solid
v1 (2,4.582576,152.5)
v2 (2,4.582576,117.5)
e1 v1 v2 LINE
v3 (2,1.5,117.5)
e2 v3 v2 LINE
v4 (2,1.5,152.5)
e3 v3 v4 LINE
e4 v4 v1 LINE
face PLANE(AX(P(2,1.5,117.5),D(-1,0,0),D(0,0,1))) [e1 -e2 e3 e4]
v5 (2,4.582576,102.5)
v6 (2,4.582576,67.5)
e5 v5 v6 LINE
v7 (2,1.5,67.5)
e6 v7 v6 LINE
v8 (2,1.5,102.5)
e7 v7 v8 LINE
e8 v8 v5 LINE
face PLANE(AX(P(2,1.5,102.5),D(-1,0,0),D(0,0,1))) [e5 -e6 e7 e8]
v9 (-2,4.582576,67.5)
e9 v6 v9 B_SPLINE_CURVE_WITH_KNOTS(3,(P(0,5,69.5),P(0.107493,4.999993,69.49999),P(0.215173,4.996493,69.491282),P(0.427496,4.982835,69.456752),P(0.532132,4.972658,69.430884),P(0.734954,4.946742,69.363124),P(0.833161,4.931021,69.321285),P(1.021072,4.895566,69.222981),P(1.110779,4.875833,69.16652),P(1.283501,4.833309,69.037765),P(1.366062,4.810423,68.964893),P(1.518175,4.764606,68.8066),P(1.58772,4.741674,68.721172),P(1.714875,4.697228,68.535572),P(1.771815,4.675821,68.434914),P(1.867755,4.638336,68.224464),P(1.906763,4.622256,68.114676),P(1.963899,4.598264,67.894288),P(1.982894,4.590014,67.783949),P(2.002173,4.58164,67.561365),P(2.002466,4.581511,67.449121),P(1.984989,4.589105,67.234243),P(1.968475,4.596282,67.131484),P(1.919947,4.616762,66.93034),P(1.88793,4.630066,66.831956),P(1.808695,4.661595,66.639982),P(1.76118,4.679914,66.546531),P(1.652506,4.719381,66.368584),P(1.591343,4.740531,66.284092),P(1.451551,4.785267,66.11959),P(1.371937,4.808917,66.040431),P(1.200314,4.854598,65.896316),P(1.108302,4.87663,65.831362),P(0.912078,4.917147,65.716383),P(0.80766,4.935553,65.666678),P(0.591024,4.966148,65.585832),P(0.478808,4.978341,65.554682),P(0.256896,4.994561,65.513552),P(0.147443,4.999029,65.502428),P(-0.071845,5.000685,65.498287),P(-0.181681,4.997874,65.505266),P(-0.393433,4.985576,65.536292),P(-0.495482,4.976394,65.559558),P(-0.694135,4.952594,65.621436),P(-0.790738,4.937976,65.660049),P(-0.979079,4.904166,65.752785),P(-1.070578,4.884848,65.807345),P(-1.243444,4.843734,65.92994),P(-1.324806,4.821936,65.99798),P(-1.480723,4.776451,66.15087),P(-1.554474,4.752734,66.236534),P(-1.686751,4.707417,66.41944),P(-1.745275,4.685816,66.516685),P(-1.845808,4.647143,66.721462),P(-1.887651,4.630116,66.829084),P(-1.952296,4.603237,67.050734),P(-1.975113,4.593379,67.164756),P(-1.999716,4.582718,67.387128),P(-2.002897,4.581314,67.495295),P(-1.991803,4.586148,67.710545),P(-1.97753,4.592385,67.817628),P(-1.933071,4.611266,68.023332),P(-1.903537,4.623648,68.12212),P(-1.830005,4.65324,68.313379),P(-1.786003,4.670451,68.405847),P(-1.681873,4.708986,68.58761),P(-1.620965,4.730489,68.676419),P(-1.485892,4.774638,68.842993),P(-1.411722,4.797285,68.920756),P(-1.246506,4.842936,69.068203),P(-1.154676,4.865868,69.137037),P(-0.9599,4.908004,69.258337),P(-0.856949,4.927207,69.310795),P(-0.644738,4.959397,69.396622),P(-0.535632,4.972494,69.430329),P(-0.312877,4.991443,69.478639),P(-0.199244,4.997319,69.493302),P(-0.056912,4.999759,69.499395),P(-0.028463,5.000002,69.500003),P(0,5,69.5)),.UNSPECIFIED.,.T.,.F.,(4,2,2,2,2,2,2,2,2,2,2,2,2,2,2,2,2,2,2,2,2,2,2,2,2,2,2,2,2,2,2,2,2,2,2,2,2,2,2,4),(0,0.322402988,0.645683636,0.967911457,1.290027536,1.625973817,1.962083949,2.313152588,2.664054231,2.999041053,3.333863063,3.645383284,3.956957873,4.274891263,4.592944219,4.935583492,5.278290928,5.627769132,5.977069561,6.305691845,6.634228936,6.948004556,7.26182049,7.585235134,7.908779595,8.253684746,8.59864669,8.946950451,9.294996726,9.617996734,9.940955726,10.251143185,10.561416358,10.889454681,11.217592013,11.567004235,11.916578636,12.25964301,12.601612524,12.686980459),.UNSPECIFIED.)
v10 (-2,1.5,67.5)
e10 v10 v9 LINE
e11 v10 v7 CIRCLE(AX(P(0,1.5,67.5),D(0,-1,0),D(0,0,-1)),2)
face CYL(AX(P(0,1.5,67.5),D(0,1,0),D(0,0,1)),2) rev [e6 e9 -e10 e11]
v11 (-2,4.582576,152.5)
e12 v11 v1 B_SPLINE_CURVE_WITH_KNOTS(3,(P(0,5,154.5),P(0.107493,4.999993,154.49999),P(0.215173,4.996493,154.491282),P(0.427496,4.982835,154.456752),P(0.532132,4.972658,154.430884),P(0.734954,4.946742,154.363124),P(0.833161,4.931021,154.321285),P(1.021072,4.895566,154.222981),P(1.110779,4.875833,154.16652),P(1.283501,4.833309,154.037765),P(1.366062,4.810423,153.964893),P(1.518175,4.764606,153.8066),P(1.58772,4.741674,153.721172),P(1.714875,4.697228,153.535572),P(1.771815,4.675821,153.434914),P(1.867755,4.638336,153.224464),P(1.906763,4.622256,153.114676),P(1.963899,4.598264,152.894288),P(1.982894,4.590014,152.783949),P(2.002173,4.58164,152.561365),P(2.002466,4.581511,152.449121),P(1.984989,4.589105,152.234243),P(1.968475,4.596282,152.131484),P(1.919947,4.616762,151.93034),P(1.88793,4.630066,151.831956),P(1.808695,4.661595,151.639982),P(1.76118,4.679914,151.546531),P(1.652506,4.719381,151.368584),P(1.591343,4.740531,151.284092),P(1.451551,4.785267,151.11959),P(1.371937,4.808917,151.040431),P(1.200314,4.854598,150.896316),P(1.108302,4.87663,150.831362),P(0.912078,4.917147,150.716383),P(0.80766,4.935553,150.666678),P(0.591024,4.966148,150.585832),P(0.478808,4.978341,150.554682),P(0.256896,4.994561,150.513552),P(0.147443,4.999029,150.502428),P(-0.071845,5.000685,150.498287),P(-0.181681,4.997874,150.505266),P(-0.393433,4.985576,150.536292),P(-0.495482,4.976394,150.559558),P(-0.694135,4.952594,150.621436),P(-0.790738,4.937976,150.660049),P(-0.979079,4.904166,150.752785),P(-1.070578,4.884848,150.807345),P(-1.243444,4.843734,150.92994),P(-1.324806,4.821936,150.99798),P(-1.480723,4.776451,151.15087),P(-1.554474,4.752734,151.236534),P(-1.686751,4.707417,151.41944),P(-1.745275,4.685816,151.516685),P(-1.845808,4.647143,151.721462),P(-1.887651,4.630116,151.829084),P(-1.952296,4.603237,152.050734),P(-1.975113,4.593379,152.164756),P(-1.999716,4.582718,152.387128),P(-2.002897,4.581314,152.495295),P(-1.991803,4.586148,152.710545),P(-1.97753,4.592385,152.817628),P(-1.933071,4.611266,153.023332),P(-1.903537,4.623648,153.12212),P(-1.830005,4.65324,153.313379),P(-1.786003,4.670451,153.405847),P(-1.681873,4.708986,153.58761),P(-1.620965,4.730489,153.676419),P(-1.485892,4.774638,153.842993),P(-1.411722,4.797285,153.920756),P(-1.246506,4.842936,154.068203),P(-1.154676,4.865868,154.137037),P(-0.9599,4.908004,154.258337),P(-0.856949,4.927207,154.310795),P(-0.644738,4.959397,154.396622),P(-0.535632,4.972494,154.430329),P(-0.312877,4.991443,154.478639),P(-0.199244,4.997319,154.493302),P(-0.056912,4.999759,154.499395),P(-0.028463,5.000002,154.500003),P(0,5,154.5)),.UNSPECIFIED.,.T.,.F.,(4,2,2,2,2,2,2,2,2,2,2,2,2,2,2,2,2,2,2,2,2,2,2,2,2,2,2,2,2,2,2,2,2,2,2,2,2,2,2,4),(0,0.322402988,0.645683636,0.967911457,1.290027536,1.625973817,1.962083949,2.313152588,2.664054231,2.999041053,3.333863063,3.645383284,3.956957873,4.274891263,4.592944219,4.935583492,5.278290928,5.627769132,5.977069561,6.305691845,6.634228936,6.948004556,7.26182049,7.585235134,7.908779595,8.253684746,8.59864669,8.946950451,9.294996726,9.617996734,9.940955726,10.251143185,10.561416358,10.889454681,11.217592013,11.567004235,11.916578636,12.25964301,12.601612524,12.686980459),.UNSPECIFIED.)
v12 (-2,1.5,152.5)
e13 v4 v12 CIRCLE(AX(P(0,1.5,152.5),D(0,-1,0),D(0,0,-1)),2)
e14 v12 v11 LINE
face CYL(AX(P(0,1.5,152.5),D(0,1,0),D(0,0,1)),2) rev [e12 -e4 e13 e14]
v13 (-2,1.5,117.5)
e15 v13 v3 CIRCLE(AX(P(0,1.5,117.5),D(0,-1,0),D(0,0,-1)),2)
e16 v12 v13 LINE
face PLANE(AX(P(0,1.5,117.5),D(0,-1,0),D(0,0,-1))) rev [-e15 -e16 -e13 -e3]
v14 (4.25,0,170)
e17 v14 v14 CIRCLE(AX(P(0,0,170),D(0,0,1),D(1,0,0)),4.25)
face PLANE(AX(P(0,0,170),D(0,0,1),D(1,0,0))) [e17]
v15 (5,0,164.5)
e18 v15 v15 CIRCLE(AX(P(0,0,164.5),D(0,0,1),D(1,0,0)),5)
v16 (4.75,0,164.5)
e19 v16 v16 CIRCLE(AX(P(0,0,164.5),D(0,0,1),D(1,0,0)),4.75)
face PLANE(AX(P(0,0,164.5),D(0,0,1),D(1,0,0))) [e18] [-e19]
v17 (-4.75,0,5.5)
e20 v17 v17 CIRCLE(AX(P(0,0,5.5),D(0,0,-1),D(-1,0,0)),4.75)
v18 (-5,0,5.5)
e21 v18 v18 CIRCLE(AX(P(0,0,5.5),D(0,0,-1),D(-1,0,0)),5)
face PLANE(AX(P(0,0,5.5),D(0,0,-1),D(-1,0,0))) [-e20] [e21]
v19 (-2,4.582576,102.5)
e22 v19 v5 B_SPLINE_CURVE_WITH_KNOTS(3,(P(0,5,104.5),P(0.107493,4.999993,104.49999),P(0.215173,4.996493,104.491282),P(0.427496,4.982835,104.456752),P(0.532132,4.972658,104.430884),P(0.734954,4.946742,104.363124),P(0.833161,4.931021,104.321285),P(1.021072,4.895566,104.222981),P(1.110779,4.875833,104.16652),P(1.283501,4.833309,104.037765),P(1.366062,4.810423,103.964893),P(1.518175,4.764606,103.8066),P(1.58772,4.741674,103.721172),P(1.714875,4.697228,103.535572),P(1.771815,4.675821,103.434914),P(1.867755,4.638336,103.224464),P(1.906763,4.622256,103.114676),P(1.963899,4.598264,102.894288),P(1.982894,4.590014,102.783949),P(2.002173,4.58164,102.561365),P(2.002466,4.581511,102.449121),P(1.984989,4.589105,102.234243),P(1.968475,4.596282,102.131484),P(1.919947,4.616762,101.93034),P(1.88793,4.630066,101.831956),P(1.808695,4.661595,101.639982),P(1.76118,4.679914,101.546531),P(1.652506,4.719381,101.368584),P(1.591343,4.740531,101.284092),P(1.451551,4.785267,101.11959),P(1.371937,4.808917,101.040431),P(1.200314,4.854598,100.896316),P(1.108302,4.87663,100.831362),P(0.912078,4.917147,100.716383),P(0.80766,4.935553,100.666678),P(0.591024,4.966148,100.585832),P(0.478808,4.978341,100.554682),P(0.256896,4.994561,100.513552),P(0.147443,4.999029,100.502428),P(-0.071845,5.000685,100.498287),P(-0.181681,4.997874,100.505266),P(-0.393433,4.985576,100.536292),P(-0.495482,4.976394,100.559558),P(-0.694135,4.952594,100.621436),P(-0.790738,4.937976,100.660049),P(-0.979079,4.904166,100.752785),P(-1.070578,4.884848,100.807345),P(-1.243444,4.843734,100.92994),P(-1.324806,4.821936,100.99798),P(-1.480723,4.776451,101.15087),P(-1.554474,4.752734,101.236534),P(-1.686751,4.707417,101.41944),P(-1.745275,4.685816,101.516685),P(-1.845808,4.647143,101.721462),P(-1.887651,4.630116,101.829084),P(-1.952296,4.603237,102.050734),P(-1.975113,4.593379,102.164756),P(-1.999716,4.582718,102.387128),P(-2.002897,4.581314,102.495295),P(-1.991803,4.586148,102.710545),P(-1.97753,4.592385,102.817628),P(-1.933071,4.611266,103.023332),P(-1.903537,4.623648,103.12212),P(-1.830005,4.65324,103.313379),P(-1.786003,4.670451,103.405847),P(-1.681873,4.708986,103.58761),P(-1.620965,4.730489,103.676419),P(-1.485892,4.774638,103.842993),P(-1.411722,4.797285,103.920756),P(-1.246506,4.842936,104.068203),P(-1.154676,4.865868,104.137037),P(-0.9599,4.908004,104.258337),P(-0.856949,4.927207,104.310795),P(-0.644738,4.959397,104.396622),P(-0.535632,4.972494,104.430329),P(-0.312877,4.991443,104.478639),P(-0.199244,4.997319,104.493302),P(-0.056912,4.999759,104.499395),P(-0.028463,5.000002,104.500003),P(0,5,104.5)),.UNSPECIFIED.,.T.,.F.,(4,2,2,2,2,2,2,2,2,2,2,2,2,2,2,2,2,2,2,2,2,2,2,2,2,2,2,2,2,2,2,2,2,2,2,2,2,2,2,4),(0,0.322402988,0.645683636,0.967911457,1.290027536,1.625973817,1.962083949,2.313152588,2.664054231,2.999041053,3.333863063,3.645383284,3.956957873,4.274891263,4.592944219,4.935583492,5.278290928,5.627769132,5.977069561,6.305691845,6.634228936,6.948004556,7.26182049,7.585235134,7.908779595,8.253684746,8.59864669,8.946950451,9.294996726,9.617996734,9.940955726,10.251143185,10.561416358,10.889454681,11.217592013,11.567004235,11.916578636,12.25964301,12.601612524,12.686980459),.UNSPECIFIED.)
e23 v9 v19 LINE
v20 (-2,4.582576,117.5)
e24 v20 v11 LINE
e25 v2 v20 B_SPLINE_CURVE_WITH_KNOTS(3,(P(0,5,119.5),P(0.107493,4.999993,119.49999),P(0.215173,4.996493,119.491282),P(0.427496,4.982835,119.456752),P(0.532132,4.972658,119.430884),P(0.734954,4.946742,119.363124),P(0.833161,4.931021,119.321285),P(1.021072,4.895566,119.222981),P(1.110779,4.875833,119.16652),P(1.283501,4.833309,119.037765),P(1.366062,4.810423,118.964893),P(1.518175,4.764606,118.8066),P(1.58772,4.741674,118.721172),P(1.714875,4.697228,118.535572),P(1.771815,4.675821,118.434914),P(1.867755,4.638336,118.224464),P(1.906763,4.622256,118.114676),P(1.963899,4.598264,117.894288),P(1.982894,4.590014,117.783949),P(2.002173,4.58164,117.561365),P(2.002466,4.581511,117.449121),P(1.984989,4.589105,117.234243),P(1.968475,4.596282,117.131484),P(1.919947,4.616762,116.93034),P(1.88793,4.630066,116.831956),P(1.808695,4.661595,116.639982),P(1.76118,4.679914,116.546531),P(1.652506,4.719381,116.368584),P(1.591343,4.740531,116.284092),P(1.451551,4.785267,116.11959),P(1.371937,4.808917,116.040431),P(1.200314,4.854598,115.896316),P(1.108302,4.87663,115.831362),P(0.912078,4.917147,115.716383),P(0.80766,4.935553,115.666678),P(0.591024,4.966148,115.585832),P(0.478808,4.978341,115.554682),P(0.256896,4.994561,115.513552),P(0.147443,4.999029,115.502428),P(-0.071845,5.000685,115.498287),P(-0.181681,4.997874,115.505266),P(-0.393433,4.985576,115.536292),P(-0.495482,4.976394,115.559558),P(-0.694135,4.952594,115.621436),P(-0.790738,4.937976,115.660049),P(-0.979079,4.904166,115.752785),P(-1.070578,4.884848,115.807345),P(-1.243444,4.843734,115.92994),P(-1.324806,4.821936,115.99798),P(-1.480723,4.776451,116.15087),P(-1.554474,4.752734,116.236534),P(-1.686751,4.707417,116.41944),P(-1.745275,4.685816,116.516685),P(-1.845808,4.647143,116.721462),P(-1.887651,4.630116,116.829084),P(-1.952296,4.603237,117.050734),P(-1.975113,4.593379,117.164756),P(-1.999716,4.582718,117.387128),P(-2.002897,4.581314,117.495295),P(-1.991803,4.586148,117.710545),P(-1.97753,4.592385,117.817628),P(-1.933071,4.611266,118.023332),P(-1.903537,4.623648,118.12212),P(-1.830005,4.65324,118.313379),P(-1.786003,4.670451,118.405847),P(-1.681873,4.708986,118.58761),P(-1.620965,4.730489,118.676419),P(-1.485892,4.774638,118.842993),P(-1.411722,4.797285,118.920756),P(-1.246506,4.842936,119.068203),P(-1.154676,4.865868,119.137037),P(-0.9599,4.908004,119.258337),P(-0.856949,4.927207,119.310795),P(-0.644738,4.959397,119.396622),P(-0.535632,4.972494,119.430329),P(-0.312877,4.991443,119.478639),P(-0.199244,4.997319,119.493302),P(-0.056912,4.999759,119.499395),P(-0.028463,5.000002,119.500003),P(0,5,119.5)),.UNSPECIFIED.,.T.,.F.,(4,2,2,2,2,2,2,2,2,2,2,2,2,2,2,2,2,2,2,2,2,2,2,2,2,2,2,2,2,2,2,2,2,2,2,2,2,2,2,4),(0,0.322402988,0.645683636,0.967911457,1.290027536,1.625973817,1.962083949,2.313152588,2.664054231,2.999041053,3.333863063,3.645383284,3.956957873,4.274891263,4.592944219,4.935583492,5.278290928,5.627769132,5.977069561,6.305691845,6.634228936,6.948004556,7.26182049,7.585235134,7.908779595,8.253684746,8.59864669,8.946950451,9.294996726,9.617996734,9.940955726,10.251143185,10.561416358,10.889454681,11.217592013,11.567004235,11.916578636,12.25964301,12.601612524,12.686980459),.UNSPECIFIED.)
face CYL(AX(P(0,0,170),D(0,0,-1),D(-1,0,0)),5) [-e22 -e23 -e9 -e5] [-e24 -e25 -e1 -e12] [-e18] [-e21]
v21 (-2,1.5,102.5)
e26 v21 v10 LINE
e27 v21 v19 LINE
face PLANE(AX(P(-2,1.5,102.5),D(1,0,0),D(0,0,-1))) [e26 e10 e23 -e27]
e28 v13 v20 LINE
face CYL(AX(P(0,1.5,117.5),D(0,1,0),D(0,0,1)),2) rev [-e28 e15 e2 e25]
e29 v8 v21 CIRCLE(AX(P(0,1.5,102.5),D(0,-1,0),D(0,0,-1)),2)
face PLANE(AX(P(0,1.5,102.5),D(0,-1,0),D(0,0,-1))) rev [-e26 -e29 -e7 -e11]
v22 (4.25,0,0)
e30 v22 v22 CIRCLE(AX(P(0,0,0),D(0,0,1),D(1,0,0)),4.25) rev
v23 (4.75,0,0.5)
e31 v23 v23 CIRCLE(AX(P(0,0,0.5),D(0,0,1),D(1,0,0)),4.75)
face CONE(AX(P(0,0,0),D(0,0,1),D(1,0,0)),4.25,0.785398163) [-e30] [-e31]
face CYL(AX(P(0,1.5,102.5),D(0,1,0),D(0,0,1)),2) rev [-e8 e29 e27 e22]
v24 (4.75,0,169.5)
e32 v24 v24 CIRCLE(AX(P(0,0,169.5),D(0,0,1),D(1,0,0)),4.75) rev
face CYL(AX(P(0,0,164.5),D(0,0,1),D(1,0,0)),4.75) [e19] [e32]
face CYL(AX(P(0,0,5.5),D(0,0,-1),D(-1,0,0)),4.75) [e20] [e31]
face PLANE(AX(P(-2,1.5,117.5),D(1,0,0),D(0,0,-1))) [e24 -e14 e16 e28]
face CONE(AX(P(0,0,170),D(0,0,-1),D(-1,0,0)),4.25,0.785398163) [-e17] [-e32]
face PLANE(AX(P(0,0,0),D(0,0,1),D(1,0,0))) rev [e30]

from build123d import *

# Parameters (mm, degrees)
CROQUIS1_R              = 5
SALIENTE_EXTRUIR1_DEPTH = 170
CORTAR_EXTRUIR1_START   = -5.5
CROQUIS2_R              = 5
CROQUIS2_R_2            = 4.75
CORTAR_EXTRUIR1_DEPTH   = 5.5
CROQUIS3_R              = 5
CROQUIS3_R_2            = 4.75
CORTAR_EXTRUIR2_DEPTH   = 5.5
CHAFL_N1_SIZE           = 0.5
CORTAR_EXTRUIR4_DEPTH   = 3.5


with BuildPart() as part:
    # Croquis1 → Saliente-Extruir1 (new body)
    with BuildSketch(Plane.XY):
        Circle(CROQUIS1_R)
    extrude(amount=SALIENTE_EXTRUIR1_DEPTH)

    # Croquis2 → Cortar-Extruir1 (cut)
    with BuildSketch(Plane.XY.offset(170).offset(CORTAR_EXTRUIR1_START)):
        Circle(CROQUIS2_R)
        Circle(CROQUIS2_R_2, mode=Mode.SUBTRACT)
    extrude(amount=CORTAR_EXTRUIR1_DEPTH, mode=Mode.SUBTRACT)

    # Croquis3 → Cortar-Extruir2 (cut)
    with BuildSketch(Plane(origin=(0, 0, 0), x_dir=(-1, 0, 0), z_dir=(0, 0, -1))):
        Circle(CROQUIS3_R)
        with Locations(Location((0, 0, 0), (0, 0, 180))):
            Circle(CROQUIS3_R_2, mode=Mode.SUBTRACT)
    extrude(amount=-CORTAR_EXTRUIR2_DEPTH, mode=Mode.SUBTRACT)

    # Chaflán1
    chafl_n1_edges = [part.edges().sort_by_distance(p)[0] for p in [
        (-4.75, 0, 0),
        (-4.75, 0, 170),
    ]]
    chamfer(chafl_n1_edges, length=CHAFL_N1_SIZE)

    # Croquis4 → Cortar-Extruir4 (cut)
    with BuildSketch(Plane(origin=(0, 5, 0), x_dir=(-1, 0, 0), z_dir=(0, -1, 0))):
        with BuildLine():
            Line((2, -117.5), (2, -152.5))
            ThreePointArc((2, -152.5), (0, -154.5), (-2, -152.5))
            Line((-2, -152.5), (-2, -117.5))
            ThreePointArc((-2, -117.5), (0, -115.5), (2, -117.5))
        make_face()
        with BuildLine():
            Line((-2, -102.5), (-2, -67.5))
            ThreePointArc((-2, -67.5), (0, -65.5), (2, -67.5))
            Line((2, -67.5), (2, -102.5))
            ThreePointArc((2, -102.5), (0, -104.5), (-2, -102.5))
        make_face()
    extrude(amount=CORTAR_EXTRUIR4_DEPTH, mode=Mode.SUBTRACT)


solid = part.part
